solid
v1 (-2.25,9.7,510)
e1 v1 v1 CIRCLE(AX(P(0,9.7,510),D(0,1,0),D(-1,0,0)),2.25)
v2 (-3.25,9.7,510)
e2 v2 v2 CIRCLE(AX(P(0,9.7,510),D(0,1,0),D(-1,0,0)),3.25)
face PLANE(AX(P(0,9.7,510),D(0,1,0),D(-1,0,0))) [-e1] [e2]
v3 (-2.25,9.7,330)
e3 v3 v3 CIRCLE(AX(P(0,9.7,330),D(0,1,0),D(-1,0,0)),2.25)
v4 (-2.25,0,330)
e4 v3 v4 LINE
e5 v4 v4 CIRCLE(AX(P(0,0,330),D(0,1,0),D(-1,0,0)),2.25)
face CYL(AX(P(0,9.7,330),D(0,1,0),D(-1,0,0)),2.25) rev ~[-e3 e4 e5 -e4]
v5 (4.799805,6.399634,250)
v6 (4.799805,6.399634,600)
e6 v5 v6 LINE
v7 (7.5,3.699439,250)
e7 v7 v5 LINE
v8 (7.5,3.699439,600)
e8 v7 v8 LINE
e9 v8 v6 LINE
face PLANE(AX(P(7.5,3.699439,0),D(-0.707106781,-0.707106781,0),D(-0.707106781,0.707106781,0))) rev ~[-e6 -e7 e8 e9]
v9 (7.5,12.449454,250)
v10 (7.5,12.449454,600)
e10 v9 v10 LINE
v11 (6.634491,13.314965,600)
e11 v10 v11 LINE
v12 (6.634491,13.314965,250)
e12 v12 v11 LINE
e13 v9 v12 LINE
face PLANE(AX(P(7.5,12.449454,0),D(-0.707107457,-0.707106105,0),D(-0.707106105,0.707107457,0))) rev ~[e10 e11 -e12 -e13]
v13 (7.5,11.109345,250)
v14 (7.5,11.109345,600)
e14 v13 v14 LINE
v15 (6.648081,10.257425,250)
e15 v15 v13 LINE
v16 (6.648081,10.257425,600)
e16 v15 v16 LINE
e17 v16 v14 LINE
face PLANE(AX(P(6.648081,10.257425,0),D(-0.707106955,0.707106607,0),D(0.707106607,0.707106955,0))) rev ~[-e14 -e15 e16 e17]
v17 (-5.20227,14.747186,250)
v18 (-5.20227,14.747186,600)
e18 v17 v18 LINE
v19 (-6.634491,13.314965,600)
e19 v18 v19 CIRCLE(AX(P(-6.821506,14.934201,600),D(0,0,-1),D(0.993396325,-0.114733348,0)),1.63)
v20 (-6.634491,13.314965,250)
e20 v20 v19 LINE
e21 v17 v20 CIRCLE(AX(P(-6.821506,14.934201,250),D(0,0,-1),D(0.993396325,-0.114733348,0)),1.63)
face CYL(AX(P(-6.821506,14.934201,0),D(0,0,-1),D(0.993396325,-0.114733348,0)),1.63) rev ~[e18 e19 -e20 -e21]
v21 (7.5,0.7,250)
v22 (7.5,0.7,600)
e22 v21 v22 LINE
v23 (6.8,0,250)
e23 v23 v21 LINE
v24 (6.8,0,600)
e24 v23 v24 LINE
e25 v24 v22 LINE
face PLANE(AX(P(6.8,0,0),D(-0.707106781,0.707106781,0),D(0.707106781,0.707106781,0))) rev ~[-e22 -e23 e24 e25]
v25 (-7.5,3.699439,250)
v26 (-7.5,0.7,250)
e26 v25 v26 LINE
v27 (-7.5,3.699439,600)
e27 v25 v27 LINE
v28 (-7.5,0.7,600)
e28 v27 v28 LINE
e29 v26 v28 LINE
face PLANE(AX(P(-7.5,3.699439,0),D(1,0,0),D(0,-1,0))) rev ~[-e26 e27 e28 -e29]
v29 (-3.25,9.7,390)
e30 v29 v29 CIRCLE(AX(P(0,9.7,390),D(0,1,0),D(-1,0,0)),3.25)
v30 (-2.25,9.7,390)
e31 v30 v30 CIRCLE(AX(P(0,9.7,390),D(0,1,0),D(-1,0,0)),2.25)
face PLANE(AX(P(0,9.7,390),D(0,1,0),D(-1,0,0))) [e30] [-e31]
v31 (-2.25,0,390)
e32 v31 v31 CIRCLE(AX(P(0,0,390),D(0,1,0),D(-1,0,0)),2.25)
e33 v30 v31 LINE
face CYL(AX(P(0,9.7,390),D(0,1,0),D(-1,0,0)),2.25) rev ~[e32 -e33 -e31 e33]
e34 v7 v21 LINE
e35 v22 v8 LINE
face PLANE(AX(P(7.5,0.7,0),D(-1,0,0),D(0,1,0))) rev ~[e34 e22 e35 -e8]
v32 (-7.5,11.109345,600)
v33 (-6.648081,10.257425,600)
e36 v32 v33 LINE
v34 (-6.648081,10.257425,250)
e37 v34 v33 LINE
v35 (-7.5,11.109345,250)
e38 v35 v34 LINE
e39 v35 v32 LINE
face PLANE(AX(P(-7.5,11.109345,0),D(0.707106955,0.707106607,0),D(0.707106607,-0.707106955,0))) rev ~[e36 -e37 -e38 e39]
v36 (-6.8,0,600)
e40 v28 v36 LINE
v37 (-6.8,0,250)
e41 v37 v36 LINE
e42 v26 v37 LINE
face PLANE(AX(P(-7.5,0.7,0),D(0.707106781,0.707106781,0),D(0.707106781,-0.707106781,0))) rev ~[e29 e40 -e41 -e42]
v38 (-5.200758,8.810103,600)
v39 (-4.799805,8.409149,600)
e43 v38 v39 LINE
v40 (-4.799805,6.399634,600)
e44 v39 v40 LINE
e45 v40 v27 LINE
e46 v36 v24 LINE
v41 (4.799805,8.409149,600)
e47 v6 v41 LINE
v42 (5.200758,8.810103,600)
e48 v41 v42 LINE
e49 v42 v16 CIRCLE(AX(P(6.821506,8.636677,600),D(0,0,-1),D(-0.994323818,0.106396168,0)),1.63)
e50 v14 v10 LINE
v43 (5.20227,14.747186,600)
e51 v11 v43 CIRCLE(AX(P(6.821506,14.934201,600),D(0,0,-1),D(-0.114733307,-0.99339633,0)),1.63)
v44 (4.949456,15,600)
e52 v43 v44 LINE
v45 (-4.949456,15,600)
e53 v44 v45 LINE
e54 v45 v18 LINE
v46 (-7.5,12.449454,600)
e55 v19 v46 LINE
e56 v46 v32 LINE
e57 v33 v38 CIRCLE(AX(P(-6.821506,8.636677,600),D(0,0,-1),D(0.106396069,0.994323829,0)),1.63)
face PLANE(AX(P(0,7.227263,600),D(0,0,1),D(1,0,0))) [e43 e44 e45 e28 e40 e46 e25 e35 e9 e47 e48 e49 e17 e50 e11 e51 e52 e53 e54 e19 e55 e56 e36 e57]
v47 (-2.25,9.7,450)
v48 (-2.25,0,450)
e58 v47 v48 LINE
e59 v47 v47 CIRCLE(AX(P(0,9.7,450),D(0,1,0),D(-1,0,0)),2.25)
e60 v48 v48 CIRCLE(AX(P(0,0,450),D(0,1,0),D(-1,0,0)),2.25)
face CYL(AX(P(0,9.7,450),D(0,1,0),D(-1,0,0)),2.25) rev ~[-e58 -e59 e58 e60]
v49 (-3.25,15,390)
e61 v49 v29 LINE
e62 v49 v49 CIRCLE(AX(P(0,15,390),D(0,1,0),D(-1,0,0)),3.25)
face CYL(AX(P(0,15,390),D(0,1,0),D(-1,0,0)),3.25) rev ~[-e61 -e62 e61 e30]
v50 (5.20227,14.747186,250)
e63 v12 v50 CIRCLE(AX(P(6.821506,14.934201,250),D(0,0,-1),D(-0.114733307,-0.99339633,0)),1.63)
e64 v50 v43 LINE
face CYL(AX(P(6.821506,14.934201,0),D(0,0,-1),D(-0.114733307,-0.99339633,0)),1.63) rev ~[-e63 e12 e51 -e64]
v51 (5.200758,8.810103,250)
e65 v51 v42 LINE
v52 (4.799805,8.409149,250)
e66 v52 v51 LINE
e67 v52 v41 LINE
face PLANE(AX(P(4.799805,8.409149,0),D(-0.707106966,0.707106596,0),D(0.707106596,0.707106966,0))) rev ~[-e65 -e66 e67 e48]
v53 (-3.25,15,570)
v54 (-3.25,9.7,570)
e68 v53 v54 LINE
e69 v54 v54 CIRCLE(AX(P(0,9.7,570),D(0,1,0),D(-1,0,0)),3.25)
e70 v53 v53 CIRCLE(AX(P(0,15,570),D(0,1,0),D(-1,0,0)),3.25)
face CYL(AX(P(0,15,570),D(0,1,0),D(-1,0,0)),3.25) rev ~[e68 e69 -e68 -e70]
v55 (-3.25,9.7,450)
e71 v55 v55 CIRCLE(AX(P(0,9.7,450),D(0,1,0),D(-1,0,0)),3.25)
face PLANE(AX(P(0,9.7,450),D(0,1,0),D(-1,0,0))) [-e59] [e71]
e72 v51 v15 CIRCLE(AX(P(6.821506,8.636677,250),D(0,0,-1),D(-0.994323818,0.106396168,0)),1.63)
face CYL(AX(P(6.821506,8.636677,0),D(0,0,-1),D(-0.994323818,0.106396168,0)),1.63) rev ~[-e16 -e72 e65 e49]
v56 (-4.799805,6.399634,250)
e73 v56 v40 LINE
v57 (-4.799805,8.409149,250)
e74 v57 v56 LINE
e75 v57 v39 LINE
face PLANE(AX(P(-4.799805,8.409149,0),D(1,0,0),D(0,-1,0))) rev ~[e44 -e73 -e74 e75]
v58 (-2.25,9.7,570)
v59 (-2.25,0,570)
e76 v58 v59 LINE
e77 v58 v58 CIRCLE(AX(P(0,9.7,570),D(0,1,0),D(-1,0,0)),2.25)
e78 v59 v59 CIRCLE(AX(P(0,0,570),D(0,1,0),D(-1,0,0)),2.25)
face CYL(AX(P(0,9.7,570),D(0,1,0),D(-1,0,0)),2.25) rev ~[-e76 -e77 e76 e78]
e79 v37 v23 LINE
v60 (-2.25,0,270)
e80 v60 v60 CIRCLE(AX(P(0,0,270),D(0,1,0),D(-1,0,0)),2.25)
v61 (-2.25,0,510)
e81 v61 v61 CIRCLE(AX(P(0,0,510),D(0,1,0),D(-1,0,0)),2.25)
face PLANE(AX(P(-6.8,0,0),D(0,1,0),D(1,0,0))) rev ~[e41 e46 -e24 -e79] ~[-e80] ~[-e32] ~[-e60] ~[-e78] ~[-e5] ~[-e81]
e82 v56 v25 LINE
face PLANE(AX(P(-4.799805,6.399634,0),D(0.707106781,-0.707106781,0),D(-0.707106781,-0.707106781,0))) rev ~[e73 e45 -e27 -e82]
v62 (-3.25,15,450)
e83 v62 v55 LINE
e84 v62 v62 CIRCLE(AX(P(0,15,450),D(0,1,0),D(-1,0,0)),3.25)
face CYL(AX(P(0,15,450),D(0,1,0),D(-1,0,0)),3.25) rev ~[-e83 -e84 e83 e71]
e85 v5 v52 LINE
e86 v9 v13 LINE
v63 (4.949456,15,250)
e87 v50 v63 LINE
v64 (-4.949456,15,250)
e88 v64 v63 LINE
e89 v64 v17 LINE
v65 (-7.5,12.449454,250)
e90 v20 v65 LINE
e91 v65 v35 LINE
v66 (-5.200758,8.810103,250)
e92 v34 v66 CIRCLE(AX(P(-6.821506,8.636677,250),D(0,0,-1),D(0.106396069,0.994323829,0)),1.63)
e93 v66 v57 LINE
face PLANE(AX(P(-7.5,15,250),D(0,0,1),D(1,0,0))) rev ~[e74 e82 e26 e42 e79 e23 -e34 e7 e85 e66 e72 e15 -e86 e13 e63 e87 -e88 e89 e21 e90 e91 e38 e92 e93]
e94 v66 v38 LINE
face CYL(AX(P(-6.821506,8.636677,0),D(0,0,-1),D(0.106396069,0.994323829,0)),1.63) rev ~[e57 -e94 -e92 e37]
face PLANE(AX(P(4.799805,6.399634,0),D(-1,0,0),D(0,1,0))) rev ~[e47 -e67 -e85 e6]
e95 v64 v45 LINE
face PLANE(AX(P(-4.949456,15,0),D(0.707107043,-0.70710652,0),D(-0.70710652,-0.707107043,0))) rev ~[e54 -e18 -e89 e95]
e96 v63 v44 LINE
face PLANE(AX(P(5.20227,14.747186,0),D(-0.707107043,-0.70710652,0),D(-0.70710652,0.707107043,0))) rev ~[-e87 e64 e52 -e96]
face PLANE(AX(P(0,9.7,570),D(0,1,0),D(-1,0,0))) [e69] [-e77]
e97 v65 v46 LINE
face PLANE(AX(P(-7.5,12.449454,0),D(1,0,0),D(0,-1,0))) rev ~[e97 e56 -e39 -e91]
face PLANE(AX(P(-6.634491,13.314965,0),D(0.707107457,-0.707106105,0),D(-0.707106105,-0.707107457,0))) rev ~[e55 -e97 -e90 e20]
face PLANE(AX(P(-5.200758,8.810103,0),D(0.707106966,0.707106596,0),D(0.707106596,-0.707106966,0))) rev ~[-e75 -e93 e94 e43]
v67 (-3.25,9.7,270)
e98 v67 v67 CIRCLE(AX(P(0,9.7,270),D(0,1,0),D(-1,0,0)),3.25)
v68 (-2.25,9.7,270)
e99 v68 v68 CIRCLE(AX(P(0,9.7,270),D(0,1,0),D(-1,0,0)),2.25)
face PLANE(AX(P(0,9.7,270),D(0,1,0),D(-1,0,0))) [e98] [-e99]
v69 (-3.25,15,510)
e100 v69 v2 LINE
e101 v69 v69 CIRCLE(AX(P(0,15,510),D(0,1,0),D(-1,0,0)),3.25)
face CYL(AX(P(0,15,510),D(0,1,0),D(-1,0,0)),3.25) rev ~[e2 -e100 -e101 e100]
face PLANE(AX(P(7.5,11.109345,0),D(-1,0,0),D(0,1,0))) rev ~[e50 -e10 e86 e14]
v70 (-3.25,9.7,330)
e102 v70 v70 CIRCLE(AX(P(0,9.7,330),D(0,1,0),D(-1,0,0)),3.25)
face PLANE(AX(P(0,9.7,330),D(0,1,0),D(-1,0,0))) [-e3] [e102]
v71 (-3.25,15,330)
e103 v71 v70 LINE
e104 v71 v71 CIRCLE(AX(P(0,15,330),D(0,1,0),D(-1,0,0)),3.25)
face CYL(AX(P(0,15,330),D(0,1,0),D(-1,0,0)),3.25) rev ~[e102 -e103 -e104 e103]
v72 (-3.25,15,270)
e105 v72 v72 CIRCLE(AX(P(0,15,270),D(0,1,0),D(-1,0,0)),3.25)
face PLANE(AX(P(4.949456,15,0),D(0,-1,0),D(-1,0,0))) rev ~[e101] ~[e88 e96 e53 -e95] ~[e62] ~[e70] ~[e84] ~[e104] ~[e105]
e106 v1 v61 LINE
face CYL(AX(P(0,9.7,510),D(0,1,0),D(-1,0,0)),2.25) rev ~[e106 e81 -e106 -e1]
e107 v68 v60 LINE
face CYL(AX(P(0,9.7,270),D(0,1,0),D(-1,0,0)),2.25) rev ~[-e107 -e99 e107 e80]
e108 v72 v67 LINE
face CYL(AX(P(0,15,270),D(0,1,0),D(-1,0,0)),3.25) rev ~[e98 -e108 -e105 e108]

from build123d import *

# Parameters (mm, degrees)
EXTRUDE_1_DEPTH     = 600
SKETCH_2_R          = 3.25
CUT_EXTRUDE_1_DEPTH = 5.3
SKETCH_3_R          = 2.25
CUT_EXTRUDE_2_DEPTH = 601.125270256
SKETCH1_W           = 15
SKETCH1_H           = 250
CUT_EXTRUDE1_DEPTH  = 100


with BuildPart() as part:
    # Model → Бобышка-Вытянуть1 (new body)
    with BuildSketch(Plane.XY):
        with BuildLine():
            Line((6.8, 0), (7.5, 0.7))
            Line((7.5, 0.7), (7.5, 3.6994391))
            Line((7.5, 3.6994391), (4.7998047, 6.3996344))
            Line((4.7998047, 6.3996344), (4.7998047, 8.409149262))
            Line((4.7998047, 8.409149262), (5.20075838, 8.810103152))
            ThreePointArc((5.20075838, 8.810103152), (5.668922208, 9.789261508), (6.648080611, 10.257425237))
            Line((6.648080611, 10.257425237), (7.5, 11.109345046))
            Line((7.5, 11.109345046), (7.5, 12.449454443))
            Line((7.5, 12.449454443), (6.634490912, 13.314965186))
            ThreePointArc((6.634490912, 13.314965186), (5.668922174, 13.781617126), (5.202270193, 14.747185846))
            Line((5.202270193, 14.747185846), (4.949456226, 15))
            Line((4.949456226, 15), (-4.949456226, 15))
            Line((-4.949456226, 15), (-5.202270193, 14.747185846))
            ThreePointArc((-5.202270193, 14.747185846), (-5.668922174, 13.781617126), (-6.634490912, 13.314965186))
            Line((-6.634490912, 13.314965186), (-7.5, 12.449454443))
            Line((-7.5, 12.449454443), (-7.5, 11.109345046))
            Line((-7.5, 11.109345046), (-6.648080611, 10.257425238))
            ThreePointArc((-6.648080611, 10.257425238), (-5.668922208, 9.789261508), (-5.20075838, 8.810103152))
            Line((-5.20075838, 8.810103152), (-4.7998047, 8.409149262))
            Line((-4.7998047, 8.409149262), (-4.7998047, 6.3996344))
            Line((-4.7998047, 6.3996344), (-7.5, 3.6994391))
            Line((-7.5, 3.6994391), (-7.5, 0.7))
            Line((-7.5, 0.7), (-6.8, 0))
            Line((-6.8, 0), (6.8, 0))
        make_face()
    extrude(amount=EXTRUDE_1_DEPTH)

    # Эскиз2 → Вырез-Вытянуть1 (cut)
    with BuildSketch(Plane(origin=(0, 15, 0), x_dir=(1, 0, 0), z_dir=(0, 1, 0))):
        with Locations(Location((0, -30, 0), (0, 0, 180))):
            Circle(SKETCH_2_R)
        with Locations(Location((0, -90, 0), (0, 0, 180))):
            Circle(SKETCH_2_R)
        with Locations(Location((0, -150, 0), (0, 0, 180))):
            Circle(SKETCH_2_R)
        with Locations(Location((0, -210, 0), (0, 0, 180))):
            Circle(SKETCH_2_R)
        with Locations(Location((0, -270, 0), (0, 0, 180))):
            Circle(SKETCH_2_R)
        with Locations(Location((0, -330, 0), (0, 0, 180))):
            Circle(SKETCH_2_R)
        with Locations(Location((0, -390, 0), (0, 0, 180))):
            Circle(SKETCH_2_R)
        with Locations(Location((0, -450, 0), (0, 0, 180))):
            Circle(SKETCH_2_R)
        with Locations(Location((0, -510, 0), (0, 0, 180))):
            Circle(SKETCH_2_R)
        with Locations(Location((0, -570, 0), (0, 0, 180))):
            Circle(SKETCH_2_R)
    extrude(amount=-CUT_EXTRUDE_1_DEPTH, mode=Mode.SUBTRACT)

    # Эскиз3 → Вырез-Вытянуть2 (cut, through all)
    with BuildSketch(Plane(origin=(0, 9.7, 0), x_dir=(1, 0, 0), z_dir=(0, 1, 0))):
        with Locations(Location((0, -30, 0), (0, 0, 180))):
            Circle(SKETCH_3_R)
        with Locations(Location((0, -90, 0), (0, 0, 180))):
            Circle(SKETCH_3_R)
        with Locations(Location((0, -150, 0), (0, 0, 180))):
            Circle(SKETCH_3_R)
        with Locations(Location((0, -210, 0), (0, 0, 180))):
            Circle(SKETCH_3_R)
        with Locations(Location((0, -270, 0), (0, 0, 180))):
            Circle(SKETCH_3_R)
        with Locations(Location((0, -330, 0), (0, 0, 180))):
            Circle(SKETCH_3_R)
        with Locations(Location((0, -390, 0), (0, 0, 180))):
            Circle(SKETCH_3_R)
        with Locations(Location((0, -450, 0), (0, 0, 180))):
            Circle(SKETCH_3_R)
        with Locations(Location((0, -510, 0), (0, 0, 180))):
            Circle(SKETCH_3_R)
        with Locations(Location((0, -570, 0), (0, 0, 180))):
            Circle(SKETCH_3_R)
    extrude(amount=-CUT_EXTRUDE_2_DEPTH, mode=Mode.SUBTRACT)

    # Sketch1 → Cut-Extrude1 (cut)
    with BuildSketch(Plane(origin=(0, 15, 0), x_dir=(1, 0, 0), z_dir=(0, 1, 0))):
        with Locations((0, -125)):
            Rectangle(SKETCH1_W, SKETCH1_H)
    extrude(amount=-CUT_EXTRUDE1_DEPTH, mode=Mode.SUBTRACT)


solid = part.part
